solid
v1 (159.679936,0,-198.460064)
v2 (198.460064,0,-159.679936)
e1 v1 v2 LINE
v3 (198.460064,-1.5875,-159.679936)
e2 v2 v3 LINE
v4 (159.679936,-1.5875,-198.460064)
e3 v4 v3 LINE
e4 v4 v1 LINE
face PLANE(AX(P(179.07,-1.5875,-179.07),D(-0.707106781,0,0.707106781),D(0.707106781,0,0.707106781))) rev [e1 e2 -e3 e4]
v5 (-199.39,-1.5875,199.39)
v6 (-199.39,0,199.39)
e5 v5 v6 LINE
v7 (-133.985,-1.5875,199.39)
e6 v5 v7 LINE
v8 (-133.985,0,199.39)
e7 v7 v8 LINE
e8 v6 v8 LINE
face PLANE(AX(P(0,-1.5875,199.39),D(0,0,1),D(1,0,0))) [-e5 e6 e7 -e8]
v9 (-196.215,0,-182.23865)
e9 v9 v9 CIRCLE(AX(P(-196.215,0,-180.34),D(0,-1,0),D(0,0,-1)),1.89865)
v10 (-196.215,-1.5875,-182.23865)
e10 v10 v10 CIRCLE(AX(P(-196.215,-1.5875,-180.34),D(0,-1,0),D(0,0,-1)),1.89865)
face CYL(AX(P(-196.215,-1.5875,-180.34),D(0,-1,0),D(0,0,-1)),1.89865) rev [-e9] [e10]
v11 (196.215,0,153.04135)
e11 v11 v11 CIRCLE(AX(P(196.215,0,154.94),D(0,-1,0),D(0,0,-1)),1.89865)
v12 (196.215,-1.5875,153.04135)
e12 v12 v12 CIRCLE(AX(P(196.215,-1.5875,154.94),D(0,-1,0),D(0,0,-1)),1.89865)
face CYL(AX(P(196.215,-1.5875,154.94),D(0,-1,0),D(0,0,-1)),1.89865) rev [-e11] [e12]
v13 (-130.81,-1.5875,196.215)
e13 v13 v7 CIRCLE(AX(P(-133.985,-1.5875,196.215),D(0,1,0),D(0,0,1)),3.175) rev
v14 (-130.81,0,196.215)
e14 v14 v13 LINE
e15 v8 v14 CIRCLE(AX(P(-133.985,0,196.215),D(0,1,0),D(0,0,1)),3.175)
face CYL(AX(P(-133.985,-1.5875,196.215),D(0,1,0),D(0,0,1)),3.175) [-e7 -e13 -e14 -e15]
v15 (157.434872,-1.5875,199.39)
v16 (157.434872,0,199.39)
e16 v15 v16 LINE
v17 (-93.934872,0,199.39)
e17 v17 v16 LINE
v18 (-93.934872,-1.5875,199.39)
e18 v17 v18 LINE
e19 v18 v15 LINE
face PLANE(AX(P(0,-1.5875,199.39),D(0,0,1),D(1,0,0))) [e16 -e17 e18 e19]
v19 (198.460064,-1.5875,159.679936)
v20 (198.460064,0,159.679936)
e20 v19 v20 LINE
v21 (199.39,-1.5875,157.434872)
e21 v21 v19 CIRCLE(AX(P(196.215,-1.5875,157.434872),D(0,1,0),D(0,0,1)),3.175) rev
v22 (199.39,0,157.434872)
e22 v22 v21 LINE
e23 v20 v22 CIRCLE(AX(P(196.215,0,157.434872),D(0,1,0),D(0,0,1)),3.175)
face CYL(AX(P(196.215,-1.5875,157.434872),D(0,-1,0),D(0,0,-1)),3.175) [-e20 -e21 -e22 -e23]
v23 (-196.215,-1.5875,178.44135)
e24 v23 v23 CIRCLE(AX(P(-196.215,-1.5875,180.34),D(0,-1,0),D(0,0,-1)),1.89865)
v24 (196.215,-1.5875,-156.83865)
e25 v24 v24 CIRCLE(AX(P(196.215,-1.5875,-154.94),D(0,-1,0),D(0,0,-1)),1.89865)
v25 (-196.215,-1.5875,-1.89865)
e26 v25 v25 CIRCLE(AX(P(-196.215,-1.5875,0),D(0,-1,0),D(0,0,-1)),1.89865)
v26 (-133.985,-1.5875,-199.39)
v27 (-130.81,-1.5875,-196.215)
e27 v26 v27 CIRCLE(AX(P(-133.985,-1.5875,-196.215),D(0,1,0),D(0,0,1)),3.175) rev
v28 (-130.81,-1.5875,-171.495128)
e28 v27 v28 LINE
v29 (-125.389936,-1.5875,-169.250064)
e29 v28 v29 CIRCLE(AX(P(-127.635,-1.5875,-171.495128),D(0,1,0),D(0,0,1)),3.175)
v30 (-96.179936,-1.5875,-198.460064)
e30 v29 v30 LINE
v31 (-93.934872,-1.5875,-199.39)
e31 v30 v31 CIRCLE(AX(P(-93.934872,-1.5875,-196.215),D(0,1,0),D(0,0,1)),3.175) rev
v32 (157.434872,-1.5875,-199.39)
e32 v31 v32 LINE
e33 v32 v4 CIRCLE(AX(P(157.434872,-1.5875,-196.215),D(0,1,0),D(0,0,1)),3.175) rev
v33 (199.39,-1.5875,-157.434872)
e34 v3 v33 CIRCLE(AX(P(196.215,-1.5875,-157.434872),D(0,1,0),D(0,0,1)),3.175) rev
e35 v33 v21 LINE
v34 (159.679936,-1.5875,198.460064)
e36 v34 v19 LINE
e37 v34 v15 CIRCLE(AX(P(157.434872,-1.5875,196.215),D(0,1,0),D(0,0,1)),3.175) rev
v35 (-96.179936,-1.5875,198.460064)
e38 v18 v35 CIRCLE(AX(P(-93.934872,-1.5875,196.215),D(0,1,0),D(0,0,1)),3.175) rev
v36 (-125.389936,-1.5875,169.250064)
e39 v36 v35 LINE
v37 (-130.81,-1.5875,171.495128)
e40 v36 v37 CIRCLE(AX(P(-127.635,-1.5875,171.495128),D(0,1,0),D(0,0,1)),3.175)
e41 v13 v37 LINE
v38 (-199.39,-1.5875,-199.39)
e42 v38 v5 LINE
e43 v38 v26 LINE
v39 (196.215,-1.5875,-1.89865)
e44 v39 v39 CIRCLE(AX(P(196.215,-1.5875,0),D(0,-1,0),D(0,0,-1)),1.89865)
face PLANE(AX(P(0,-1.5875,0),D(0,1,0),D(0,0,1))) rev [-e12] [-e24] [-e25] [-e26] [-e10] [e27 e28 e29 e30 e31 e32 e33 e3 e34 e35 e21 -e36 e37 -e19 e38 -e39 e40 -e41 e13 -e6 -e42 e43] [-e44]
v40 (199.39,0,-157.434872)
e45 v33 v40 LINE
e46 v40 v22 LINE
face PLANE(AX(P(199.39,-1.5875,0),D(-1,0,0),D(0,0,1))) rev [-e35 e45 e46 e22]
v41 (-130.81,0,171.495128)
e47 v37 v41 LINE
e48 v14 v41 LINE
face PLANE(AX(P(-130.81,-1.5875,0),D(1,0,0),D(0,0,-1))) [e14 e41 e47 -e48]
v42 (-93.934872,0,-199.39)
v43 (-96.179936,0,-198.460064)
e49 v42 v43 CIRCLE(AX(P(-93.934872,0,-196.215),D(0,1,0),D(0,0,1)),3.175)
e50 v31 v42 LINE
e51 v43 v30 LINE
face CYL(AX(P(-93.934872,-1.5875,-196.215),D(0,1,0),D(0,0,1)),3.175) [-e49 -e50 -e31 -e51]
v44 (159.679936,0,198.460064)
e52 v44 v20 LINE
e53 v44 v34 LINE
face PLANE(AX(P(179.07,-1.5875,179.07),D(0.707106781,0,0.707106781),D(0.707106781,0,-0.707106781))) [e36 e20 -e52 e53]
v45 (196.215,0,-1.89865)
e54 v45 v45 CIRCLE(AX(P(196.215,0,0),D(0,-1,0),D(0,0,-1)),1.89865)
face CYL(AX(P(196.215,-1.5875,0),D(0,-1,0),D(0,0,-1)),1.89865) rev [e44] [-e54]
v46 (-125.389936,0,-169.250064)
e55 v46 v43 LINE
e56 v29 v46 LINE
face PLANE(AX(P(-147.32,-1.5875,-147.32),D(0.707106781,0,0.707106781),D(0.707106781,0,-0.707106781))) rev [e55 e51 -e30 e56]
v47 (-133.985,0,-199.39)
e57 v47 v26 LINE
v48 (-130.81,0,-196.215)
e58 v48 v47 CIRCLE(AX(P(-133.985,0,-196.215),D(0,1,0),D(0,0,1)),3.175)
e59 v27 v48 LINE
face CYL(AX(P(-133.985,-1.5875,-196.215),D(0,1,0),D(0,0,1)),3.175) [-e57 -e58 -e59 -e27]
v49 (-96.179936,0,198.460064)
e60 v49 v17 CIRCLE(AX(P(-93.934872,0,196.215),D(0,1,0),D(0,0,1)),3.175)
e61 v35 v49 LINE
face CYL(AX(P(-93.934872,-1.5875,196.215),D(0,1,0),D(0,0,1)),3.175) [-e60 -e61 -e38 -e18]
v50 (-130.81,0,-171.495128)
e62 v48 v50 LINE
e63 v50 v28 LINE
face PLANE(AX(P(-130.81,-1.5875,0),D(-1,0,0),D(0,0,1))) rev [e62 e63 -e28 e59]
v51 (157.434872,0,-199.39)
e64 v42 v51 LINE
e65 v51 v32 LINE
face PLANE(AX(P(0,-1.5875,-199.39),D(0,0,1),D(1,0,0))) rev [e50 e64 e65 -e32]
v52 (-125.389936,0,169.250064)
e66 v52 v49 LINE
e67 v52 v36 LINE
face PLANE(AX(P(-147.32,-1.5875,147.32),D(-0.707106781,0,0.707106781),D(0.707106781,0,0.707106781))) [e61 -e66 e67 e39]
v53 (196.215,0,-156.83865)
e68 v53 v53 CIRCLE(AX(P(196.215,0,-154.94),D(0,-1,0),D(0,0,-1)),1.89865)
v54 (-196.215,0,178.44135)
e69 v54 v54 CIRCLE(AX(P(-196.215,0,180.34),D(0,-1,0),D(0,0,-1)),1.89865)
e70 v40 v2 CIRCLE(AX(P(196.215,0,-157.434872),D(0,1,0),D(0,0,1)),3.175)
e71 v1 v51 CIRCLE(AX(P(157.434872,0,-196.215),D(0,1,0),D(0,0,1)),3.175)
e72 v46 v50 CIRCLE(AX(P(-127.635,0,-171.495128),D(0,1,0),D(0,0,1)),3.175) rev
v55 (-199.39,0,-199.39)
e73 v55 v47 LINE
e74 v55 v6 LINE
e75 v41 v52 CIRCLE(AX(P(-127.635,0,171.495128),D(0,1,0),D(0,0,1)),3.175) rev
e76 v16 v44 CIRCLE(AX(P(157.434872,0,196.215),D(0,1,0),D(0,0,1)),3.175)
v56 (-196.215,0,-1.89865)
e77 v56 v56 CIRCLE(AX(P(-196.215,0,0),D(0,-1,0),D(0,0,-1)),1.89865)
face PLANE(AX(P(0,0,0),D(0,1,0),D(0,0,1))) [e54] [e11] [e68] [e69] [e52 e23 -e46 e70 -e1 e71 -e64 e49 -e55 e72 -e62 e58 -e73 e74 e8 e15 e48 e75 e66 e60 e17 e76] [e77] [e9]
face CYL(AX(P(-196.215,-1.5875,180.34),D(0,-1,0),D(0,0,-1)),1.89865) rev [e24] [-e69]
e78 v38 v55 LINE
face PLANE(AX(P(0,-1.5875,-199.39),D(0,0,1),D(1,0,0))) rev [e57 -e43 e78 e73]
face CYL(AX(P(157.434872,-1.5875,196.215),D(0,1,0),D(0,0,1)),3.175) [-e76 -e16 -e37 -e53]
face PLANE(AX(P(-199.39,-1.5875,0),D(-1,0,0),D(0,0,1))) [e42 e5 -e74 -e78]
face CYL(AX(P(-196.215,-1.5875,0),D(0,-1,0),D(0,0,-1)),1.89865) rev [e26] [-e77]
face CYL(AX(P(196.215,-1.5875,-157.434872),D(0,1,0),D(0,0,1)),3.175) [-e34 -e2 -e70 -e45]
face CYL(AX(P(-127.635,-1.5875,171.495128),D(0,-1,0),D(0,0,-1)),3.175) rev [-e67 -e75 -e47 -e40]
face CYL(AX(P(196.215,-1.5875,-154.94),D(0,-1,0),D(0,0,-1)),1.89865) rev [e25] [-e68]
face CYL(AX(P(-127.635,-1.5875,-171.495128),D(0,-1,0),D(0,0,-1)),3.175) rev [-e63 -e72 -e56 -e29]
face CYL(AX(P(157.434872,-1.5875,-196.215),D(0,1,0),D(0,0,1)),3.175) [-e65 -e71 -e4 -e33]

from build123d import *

# Parameters (mm, degrees)
BOSS_EXTRUDE1_DEPTH   = 1.5875
F_6_CLEARANCE_HOLE1_D = 3.7973
FILLET1_R             = 3.175


with BuildPart() as part:
    # Sketch1 → Boss-Extrude1 (new body)
    with BuildSketch(Plane(origin=(0, 0, 0), x_dir=(1, 0, 0), z_dir=(0, 1, 0))):
        Polygon((199.39, 158.75), (158.75, 199.39), (-95.25, 199.39), (-130.81, 163.83), (-130.81, 199.39), (-199.39, 199.39), (-199.39, -199.39), (-130.81, -199.39), (-130.81, -163.83), (-95.25, -199.39), (158.75, -199.39), (199.39, -158.75), align=None)
    extrude(amount=-BOSS_EXTRUDE1_DEPTH)

    # #6 Clearance Hole1 (through all)
    with Locations(Plane(origin=(0, -1.5875, 0), x_dir=(-1, 0, 0), z_dir=(0, -1, 0))):
        with Locations((196.215, 180.34), (196.215, -180.34), (-196.215, -154.94), (-196.215, 154.94), (196.215, 0), (-196.215, 0)):
            Hole(F_6_CLEARANCE_HOLE1_D / 2)

    # Fillet1
    fillet1_edges = [part.edges().sort_by_distance(p)[0] for p in [
        (-130.81, -0.79375, 199.39),
        (-130.81, -0.79375, -199.39),
        (-130.81, -0.79375, -163.83),
        (-95.25, -0.79375, -199.39),
        (158.75, -0.79375, -199.39),
        (199.39, -0.79375, -158.75),
        (199.39, -0.79375, 158.75),
        (158.75, -0.79375, 199.39),
        (-95.25, -0.79375, 199.39),
        (-130.81, -0.79375, 163.83),
    ]]
    fillet(fillet1_edges, radius=FILLET1_R)


solid = part.part
